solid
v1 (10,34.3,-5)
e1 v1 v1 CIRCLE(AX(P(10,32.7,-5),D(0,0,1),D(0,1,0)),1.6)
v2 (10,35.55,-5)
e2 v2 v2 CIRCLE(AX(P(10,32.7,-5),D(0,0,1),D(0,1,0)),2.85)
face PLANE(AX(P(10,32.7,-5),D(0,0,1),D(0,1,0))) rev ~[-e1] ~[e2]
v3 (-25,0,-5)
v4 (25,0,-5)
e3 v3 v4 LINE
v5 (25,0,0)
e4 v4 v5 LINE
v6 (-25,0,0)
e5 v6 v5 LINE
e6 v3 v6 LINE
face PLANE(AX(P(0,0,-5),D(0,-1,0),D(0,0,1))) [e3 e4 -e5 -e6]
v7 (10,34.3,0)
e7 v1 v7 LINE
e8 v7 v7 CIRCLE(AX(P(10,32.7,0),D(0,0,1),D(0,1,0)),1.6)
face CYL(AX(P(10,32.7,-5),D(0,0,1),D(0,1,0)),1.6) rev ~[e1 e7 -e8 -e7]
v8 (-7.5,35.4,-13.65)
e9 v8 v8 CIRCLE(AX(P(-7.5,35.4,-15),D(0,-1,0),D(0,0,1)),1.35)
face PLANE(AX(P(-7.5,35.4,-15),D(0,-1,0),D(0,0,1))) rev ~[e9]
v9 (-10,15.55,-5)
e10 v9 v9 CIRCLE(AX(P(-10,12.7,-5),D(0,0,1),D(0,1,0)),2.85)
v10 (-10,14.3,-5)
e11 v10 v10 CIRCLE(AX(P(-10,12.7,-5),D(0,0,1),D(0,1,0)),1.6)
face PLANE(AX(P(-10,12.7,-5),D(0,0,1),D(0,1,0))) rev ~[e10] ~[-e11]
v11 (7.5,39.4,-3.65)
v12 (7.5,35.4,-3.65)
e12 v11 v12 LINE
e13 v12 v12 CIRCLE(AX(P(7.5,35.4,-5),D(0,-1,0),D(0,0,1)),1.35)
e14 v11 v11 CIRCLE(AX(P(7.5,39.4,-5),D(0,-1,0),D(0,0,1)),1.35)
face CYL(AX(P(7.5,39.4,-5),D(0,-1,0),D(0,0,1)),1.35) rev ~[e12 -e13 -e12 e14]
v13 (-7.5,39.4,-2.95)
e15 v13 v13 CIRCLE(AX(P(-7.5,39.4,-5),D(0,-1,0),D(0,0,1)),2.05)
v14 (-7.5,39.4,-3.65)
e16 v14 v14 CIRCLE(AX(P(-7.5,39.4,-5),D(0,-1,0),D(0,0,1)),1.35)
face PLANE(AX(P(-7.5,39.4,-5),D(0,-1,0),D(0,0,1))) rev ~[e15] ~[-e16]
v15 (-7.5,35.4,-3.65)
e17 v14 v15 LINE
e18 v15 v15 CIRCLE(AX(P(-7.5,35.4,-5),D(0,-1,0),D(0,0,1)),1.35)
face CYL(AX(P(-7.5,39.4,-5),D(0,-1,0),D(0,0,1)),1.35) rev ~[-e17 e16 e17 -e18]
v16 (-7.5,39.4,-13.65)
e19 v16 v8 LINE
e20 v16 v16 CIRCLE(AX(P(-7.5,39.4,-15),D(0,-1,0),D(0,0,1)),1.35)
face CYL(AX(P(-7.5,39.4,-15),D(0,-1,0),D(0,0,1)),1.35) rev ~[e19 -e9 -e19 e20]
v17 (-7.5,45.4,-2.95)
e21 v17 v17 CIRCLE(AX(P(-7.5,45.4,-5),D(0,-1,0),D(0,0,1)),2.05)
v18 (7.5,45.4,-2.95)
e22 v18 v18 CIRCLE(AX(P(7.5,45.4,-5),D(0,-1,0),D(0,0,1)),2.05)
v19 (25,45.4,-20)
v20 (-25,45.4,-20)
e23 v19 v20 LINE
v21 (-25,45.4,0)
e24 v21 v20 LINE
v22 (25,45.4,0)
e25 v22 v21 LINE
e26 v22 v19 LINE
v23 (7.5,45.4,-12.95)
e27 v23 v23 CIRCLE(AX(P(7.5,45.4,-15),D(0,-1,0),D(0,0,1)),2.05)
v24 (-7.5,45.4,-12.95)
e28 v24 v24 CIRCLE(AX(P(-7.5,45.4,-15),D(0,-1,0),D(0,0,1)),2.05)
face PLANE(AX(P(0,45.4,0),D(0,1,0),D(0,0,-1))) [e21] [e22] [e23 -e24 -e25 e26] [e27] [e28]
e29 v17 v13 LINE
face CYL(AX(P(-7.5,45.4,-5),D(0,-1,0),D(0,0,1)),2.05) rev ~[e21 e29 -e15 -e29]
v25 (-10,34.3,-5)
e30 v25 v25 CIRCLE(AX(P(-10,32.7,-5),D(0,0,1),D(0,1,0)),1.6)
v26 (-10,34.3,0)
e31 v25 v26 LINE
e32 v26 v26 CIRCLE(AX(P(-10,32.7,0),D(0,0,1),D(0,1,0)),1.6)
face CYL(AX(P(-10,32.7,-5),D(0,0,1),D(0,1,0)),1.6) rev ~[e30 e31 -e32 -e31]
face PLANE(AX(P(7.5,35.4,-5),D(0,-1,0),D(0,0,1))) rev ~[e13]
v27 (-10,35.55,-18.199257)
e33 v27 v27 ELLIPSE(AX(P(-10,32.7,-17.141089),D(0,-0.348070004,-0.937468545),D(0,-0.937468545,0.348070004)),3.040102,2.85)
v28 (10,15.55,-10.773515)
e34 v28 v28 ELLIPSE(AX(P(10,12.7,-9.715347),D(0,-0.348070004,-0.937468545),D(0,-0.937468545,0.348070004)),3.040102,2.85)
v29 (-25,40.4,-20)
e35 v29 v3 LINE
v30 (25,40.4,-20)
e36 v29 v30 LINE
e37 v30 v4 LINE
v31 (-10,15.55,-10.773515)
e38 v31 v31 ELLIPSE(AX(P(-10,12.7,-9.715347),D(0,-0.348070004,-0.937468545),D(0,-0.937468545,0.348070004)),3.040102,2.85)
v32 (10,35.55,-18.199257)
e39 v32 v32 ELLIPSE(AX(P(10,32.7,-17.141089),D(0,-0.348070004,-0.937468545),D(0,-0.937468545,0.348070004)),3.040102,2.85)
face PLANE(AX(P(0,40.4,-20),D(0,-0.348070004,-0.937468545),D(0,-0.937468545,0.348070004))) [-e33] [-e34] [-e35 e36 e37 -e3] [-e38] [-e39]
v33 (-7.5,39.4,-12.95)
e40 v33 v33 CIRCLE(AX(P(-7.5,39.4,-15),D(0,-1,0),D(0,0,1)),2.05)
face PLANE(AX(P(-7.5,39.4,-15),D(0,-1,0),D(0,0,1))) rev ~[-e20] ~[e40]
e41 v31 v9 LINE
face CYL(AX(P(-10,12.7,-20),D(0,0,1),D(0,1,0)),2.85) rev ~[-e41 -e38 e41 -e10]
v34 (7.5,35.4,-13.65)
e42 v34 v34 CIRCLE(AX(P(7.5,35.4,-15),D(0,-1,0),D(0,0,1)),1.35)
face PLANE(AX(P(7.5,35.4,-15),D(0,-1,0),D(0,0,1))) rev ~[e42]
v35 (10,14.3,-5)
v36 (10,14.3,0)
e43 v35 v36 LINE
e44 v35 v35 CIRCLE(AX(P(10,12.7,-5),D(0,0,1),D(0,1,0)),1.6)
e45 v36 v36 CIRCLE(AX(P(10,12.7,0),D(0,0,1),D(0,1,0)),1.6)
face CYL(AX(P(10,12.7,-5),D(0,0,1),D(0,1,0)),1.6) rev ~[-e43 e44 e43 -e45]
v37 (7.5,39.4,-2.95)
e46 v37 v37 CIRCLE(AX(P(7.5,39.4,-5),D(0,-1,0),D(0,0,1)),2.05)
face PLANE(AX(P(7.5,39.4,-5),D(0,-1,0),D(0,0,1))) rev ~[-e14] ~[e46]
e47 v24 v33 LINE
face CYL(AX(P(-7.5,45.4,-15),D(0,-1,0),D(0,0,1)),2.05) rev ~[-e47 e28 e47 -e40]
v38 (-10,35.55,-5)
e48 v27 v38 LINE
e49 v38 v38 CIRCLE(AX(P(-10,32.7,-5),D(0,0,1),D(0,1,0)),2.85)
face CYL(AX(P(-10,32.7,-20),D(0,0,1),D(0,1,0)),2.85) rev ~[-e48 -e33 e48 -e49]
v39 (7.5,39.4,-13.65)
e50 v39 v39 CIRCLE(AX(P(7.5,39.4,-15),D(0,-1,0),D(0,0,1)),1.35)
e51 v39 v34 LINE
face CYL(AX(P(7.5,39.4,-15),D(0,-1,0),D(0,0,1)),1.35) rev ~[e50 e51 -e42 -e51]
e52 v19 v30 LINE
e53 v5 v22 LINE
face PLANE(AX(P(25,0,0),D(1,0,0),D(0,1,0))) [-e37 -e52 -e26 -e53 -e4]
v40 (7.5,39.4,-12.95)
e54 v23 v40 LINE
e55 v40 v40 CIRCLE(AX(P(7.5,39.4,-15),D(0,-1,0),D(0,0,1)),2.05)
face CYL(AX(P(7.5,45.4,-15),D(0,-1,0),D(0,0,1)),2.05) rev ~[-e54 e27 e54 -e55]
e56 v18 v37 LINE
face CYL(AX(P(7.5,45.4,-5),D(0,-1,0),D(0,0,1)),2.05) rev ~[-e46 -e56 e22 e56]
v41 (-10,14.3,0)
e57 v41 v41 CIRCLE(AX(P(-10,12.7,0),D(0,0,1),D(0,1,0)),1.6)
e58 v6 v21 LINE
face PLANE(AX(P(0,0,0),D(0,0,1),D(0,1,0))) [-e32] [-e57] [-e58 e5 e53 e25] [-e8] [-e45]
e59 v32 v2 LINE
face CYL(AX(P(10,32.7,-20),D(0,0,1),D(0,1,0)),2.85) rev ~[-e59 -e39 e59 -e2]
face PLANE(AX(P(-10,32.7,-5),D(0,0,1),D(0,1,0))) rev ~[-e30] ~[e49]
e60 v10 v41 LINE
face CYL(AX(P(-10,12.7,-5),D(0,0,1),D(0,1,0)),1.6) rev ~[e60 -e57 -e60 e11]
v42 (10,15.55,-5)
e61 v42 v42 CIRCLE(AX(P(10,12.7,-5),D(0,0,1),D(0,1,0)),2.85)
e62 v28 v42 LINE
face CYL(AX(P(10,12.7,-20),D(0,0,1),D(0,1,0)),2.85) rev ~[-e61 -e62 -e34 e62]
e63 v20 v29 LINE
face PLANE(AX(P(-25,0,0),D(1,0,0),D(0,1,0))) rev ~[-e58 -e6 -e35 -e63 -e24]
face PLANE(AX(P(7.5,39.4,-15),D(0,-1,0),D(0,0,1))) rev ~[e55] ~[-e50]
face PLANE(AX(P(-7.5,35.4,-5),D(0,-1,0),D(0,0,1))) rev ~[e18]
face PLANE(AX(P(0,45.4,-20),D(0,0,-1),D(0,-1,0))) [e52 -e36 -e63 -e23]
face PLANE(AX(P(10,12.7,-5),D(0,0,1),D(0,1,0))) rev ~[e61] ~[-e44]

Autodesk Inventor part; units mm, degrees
ref_plane "YZ Plane" through (0, 0, 0) normal (1, 0, 0) x (0, 1, 0)
ref_plane "XZ Plane" through (0, 0, 0) normal (0, 1, 0) x (-1, 0, 0)
ref_plane "XY Plane" through (0, 0, 0) normal (0, 0, 1) x (1, 0, 0)
sketch "草圖1" plane through (0, 0, 0) normal (1, 0, 0) x (0, 1, 0)
  line L0 (0, 0) -> (45.4, 0)
  line L1 (45.4, 0) -> (45.4, -20)
  line L2 (45.4, -20) -> (40.4, -20)
  line L3 (40.4, -20) -> (0, -5)
  line L4 (0, -5) -> (0, 0)
  dimension "d0" = 45.4
  dimension "d1" = 20
  dimension "d2" = 5
  dimension "d3" = 5
extrude "擠出1" add sketch "草圖1" along normal mid plane 50
sketch "草圖2" plane through (25, 45.4, -20) normal (0, 0, -1) x (-1, 0, 0)
  line L0 (15, -12.7) -> (35, -12.7)
  line L1 (35, -12.7) -> (35, -32.7)
  line L2 (35, -32.7) -> (15, -32.7)
  line L3 (15, -32.7) -> (15, -12.7)
  line L4 (15, -12.7) -> (35, -32.7) construction
  line L5 (35, -12.7) -> (15, -32.7) construction
  line L6 (0, 0) -> (0, -45.4) projected
  point P0 (25, -45.4)
  point P1 (25, -22.7)
  point P2 (25, -22.7)
  point P3 (25, -22.7)
  point P4 (0, -22.7)
  dimension "d6" = 20
  dimension "d7" = 20
hole "孔1" at (10, 32.7, -20) at (10, 12.7, -20) at (-10, 12.7, -20) at (-10, 32.7, -20) direction (0, 0, 1) diameter 3.2 end through all counterbore diameter 5.7 counterbore depth 15
sketch "草圖3" plane through (-25, 45.4, 0) normal (0, 1, 0) x (1, 0, 0)
  line L0 (32.5, 15) -> (17.5, 15)
  line L1 (17.5, 15) -> (17.5, 5)
  line L2 (17.5, 5) -> (32.5, 5)
  line L3 (32.5, 5) -> (32.5, 15)
  line L4 (32.5, 15) -> (17.5, 5) construction
  line L5 (17.5, 15) -> (32.5, 5) construction
  line L6 (0, 0) -> (0, 20) projected
  line L7 (0, 20) -> (50, 20) projected
  point P0 (25, 0)
  point P1 (25, 10)
  point P2 (25, 10)
  point P3 (0, 10)
  point P4 (25, 10)
  point P5 (25, 20)
  dimension "d15" = 15
  dimension "d16" = 10
hole "孔2" at (7.5, 45.4, -5) at (-7.5, 45.4, -5) at (-7.5, 45.4, -15) at (7.5, 45.4, -15) direction (0, -1, 0) diameter 2.7 depth 10 counterbore diameter 4.1 counterbore depth 6
equation "\"d3\" = d2"
properties part number "線性滑塊轉接器"
